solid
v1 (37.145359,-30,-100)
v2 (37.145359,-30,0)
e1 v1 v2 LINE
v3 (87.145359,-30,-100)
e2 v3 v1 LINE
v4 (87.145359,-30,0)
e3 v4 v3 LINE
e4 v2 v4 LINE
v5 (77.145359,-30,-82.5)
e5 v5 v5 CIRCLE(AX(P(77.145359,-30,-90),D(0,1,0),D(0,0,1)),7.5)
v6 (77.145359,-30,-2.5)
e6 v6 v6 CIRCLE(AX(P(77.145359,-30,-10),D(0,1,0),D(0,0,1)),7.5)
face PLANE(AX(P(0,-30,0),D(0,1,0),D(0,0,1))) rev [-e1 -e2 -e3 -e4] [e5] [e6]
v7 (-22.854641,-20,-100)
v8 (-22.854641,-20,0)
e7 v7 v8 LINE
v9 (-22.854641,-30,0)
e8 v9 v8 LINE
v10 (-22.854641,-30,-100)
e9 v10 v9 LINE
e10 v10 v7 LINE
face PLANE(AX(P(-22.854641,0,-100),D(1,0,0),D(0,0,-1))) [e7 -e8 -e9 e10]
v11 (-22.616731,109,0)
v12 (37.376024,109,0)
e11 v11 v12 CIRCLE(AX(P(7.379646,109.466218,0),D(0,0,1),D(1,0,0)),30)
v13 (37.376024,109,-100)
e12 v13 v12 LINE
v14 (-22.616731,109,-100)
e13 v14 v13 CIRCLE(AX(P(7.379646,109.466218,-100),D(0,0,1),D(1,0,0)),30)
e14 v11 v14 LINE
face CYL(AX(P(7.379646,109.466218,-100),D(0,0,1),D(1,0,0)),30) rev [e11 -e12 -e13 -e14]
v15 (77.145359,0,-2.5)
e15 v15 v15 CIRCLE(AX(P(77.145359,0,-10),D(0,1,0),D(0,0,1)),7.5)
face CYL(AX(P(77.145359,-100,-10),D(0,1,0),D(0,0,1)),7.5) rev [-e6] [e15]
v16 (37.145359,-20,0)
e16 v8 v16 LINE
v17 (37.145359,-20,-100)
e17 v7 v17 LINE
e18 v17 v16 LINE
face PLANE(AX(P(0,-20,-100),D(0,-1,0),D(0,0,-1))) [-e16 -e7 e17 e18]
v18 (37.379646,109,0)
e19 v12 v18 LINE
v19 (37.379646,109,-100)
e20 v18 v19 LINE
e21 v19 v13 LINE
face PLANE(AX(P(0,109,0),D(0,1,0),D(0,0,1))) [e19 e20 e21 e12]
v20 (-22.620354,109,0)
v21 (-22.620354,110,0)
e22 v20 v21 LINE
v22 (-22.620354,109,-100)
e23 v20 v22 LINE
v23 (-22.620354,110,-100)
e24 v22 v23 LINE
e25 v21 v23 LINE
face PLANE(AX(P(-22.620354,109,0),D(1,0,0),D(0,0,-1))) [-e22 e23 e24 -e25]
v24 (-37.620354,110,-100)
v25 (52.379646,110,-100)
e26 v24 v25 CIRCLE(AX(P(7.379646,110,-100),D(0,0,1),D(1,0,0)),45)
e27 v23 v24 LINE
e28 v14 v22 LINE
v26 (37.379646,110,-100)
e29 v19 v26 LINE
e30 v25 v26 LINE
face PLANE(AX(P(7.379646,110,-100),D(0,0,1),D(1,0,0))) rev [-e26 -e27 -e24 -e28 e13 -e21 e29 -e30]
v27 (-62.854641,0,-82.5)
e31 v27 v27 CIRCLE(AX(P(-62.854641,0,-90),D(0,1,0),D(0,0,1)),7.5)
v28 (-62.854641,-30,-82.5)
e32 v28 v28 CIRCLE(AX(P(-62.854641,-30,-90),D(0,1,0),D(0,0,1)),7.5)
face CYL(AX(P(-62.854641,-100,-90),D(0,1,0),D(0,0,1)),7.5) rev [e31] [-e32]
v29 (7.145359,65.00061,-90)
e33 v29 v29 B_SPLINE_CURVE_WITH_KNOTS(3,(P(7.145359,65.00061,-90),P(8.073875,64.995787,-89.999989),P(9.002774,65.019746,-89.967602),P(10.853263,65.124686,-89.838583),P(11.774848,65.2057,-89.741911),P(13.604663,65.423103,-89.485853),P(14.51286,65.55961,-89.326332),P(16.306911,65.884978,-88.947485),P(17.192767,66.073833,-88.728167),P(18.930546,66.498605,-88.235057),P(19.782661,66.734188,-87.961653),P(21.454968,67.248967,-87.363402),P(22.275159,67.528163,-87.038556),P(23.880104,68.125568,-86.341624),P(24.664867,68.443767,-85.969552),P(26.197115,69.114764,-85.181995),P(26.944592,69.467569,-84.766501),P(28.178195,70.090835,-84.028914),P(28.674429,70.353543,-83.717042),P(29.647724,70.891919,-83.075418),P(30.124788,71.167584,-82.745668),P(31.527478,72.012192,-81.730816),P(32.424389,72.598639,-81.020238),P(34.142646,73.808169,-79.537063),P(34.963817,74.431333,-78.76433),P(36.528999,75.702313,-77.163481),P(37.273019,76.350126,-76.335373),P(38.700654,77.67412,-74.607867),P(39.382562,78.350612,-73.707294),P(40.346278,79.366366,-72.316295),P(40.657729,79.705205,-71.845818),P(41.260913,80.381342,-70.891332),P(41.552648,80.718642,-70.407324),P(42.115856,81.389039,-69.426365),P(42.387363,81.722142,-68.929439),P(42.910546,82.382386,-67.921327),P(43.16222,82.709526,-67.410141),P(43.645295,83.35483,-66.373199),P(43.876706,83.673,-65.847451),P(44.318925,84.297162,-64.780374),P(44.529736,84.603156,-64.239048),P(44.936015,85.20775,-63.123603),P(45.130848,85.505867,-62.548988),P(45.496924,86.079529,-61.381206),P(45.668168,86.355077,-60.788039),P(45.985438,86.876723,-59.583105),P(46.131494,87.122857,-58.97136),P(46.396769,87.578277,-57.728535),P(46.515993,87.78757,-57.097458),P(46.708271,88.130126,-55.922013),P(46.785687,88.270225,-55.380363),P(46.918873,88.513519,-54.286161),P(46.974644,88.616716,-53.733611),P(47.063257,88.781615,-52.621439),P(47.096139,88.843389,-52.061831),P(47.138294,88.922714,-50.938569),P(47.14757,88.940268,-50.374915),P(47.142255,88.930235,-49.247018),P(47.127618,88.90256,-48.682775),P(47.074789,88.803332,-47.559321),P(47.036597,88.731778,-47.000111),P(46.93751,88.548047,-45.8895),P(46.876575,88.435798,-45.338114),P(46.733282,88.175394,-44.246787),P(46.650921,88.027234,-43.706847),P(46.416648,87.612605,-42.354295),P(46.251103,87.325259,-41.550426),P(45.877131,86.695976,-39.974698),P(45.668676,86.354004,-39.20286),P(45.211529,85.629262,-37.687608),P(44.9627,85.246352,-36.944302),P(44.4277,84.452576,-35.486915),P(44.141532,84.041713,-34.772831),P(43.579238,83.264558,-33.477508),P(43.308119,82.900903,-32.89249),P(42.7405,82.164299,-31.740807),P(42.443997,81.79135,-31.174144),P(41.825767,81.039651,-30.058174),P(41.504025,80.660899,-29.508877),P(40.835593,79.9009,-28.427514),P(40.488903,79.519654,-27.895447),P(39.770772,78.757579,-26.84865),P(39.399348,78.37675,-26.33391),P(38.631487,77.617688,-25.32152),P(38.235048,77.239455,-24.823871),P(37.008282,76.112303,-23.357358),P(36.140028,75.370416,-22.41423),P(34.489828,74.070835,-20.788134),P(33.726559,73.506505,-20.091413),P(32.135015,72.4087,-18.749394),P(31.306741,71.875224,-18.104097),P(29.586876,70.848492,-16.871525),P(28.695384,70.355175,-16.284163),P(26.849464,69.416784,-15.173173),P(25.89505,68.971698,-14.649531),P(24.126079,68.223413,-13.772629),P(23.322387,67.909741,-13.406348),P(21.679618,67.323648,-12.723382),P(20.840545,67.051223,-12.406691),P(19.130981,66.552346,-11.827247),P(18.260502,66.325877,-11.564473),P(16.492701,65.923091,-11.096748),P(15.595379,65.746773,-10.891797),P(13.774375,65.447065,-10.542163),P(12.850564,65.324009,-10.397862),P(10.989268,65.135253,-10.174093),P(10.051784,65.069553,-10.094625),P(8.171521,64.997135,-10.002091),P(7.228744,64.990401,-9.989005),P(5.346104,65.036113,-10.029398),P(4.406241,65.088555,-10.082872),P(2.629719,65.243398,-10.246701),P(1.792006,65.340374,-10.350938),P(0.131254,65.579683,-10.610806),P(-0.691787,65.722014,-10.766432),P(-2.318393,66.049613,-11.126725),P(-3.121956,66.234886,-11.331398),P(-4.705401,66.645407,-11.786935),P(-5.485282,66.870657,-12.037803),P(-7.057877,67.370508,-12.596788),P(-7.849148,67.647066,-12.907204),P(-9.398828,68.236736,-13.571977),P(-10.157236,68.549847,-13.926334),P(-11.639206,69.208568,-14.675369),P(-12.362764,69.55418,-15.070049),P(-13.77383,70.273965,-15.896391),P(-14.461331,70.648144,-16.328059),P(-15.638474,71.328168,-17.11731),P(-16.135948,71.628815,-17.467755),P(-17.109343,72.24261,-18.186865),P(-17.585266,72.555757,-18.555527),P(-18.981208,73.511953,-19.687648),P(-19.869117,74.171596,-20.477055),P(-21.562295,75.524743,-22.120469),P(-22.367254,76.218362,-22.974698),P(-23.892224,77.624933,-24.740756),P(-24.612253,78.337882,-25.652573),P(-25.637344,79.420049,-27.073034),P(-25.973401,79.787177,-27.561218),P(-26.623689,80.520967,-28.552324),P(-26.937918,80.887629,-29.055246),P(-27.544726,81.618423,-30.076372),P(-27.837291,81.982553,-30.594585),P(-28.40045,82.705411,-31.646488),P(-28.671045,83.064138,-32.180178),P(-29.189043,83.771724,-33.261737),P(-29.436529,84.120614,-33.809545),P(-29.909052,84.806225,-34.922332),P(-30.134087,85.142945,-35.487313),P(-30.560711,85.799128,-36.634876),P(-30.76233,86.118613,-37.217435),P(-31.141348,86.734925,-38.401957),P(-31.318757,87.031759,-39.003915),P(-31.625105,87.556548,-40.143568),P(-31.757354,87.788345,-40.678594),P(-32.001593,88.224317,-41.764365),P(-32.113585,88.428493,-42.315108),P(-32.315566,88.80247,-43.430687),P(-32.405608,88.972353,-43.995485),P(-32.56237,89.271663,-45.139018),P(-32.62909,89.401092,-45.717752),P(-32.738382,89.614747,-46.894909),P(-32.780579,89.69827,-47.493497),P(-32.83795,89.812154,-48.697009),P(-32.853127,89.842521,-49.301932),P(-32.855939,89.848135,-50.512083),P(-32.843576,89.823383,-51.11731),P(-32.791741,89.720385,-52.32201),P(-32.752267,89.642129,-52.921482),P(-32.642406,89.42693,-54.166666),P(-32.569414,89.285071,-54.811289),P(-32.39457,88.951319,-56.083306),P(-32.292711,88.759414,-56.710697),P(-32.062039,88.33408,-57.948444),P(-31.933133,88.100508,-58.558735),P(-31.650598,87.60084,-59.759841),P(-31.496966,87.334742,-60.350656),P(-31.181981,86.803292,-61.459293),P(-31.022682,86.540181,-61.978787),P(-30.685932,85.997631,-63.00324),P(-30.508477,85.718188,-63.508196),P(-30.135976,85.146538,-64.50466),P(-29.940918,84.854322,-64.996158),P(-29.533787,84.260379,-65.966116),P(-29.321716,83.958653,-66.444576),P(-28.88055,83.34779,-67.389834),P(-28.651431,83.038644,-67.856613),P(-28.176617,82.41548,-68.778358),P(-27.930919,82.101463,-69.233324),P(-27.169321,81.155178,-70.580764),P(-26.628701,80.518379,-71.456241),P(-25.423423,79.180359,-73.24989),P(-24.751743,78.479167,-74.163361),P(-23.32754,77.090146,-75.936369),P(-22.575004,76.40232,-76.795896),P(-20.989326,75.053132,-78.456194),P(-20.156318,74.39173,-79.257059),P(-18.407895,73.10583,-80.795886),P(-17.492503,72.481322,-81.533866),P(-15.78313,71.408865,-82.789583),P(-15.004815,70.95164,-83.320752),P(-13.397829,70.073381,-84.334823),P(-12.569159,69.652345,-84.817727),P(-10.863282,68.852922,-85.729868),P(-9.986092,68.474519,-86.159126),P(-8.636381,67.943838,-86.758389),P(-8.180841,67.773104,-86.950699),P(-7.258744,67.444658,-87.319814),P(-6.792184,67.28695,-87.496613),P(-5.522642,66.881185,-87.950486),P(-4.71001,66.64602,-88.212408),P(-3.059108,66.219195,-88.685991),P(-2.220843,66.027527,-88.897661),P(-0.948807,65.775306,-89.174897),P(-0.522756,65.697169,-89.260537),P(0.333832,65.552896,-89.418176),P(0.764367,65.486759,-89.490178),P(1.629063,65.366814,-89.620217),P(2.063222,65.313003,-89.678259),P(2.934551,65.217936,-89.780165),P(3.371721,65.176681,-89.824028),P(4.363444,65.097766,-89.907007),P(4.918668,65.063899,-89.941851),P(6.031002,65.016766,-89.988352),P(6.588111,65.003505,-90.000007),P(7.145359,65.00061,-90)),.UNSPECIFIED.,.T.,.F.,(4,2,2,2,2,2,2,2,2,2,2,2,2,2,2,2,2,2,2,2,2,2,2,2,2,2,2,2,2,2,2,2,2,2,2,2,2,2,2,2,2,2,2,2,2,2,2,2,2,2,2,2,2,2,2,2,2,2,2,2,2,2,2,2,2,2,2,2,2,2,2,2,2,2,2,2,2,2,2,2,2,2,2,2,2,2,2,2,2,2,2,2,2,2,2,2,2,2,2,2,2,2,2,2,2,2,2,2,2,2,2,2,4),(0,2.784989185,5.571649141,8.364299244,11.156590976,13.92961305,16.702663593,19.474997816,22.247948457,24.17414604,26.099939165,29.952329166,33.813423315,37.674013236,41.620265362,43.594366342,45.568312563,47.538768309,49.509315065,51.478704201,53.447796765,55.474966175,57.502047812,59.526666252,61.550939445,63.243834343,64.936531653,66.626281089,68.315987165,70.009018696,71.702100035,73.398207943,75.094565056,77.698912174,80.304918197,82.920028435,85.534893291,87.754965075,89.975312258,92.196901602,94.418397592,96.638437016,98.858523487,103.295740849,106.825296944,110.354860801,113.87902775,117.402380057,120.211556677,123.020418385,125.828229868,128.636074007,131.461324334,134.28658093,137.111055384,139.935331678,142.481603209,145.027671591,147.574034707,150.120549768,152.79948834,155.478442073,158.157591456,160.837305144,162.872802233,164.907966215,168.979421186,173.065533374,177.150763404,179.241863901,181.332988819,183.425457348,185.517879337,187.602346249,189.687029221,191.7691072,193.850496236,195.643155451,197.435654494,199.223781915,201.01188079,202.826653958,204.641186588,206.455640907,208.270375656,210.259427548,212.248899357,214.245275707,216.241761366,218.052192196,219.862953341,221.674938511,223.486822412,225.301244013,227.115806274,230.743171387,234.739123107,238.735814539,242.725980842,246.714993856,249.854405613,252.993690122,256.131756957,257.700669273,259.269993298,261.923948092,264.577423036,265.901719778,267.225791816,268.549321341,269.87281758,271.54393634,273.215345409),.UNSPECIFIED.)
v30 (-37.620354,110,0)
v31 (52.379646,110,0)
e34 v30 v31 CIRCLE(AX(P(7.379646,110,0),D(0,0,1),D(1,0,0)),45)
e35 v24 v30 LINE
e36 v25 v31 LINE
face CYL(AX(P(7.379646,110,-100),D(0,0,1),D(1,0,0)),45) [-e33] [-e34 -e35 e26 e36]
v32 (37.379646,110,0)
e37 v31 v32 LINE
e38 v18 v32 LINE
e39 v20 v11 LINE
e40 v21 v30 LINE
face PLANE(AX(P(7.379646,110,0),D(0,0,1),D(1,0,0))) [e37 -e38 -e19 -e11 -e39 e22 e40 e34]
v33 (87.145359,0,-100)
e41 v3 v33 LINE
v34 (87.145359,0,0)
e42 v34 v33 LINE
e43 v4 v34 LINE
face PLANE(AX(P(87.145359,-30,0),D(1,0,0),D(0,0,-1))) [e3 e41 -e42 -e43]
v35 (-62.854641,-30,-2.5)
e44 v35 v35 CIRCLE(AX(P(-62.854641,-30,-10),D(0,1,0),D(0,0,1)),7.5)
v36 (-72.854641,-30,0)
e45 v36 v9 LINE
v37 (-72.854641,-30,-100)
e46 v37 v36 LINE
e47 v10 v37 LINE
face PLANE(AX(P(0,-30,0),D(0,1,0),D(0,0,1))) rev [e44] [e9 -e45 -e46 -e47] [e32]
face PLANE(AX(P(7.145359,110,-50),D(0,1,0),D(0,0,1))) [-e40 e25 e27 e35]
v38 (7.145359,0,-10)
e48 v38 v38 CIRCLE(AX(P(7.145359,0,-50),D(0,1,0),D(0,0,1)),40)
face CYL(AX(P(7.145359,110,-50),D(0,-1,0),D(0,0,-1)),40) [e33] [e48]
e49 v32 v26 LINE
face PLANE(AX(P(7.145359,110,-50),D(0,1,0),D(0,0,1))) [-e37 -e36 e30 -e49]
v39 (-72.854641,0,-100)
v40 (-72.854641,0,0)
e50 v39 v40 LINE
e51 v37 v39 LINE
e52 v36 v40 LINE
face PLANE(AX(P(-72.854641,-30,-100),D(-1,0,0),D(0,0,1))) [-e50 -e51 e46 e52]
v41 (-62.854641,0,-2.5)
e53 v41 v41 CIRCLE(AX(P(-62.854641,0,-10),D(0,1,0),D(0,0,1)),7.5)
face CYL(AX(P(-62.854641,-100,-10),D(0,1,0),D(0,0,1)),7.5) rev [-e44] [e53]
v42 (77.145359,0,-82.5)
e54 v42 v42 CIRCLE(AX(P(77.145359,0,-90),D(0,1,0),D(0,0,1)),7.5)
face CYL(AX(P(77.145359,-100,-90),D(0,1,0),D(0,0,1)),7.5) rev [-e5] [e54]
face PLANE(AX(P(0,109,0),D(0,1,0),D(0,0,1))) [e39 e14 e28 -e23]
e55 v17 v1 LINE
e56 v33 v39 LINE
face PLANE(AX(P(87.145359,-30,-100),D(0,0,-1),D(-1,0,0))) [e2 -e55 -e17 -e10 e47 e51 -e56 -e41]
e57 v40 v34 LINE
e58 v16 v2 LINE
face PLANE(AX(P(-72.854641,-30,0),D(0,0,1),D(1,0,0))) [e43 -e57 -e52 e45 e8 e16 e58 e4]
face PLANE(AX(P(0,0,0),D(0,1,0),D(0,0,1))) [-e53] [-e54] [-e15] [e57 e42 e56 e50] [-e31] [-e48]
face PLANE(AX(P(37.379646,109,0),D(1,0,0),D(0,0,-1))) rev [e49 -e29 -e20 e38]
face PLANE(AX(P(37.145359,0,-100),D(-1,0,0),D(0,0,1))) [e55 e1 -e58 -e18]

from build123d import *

# Parameters (mm, degrees)
SKETCH1_W           = 160
SKETCH1_H           = 100
BOSS_EXTRUDE1_DEPTH = 30
SKETCH2_R           = 40
BOSS_EXTRUDE2_DEPTH = 110
BOSS_EXTRUDE3_DEPTH = 100
CUT_EXTRUDE1_DEPTH  = 100
SKETCH6_W           = 60
SKETCH6_H           = 100
CUT_EXTRUDE2_DEPTH  = 1
SKETCH7_W           = 60
SKETCH7_H           = 10
CUT_EXTRUDE3_DEPTH  = 100
SKETCH8_R           = 7.5
CUT_EXTRUDE4_DEPTH  = 100


with BuildPart() as part:
    # Sketch1 → Boss-Extrude1 (new body)
    with BuildSketch(Plane(origin=(0, 0, 0), x_dir=(1, 0, 0), z_dir=(0, 1, 0))):
        with Locations((7.145359019, 50)):
            Rectangle(SKETCH1_W, SKETCH1_H)
    extrude(amount=-BOSS_EXTRUDE1_DEPTH)

    # Sketch2 → Boss-Extrude2 (add)
    with BuildSketch(Plane(origin=(0, 0, 0), x_dir=(1, 0, 0), z_dir=(0, 1, 0))):
        with Locations(Location((7.145359019, 50, 0), (0, 0, 270))):
            Circle(SKETCH2_R)
    extrude(amount=BOSS_EXTRUDE2_DEPTH)

    # Sketch3 → Boss-Extrude3 (add)
    with BuildSketch(Plane.XY):
        with BuildLine():
            Line((-37.620353567, 110), (52.379646433, 110))
            ThreePointArc((52.379646433, 110), (7.379646433, 65), (-37.620353567, 110))
        make_face()
        with BuildLine():
            Line((-22.620353567, 109.466218226), (37.379646433, 109.466218226))
            ThreePointArc((37.379646433, 109.466218226), (7.379646433, 79.466218226), (-22.620353567, 109.466218226))
        make_face(mode=Mode.SUBTRACT)
    extrude(amount=-BOSS_EXTRUDE3_DEPTH)

    # Sketch4 → Cut-Extrude1 (cut)
    with BuildSketch(Plane.XY):
        with BuildLine():
            Line((-22.620353567, 109.466218226), (37.379646433, 109.466218226))
            ThreePointArc((37.379646433, 109.466218226), (7.379646433, 79.466218226), (-22.620353567, 109.466218226))
        make_face()
    extrude(amount=-CUT_EXTRUDE1_DEPTH, mode=Mode.SUBTRACT)

    # Sketch6 → Cut-Extrude2 (cut)
    with BuildSketch(Plane(origin=(0, 110, 0), x_dir=(1, 0, 0), z_dir=(0, 1, 0))):
        with Locations((7.379646433, 50)):
            Rectangle(SKETCH6_W, SKETCH6_H)
    extrude(amount=-CUT_EXTRUDE2_DEPTH, mode=Mode.SUBTRACT)

    # Sketch7 → Cut-Extrude3 (cut)
    with BuildSketch(Plane.XY):
        with Locations((7.145359019, -25)):
            Rectangle(SKETCH7_W, SKETCH7_H)
    extrude(amount=-CUT_EXTRUDE3_DEPTH, mode=Mode.SUBTRACT)

    # Sketch8 → Cut-Extrude4 (cut)
    with BuildSketch(Plane(origin=(0, 0, 0), x_dir=(1, 0, 0), z_dir=(0, 1, 0))):
        with Locations(Location((77.145359019, 90, 0), (0, 0, 270))):
            Circle(SKETCH8_R)
        with Locations(Location((-62.854640981, 90, 0), (0, 0, 270))):
            Circle(SKETCH8_R)
        with Locations(Location((-62.854640981, 10, 0), (0, 0, 270))):
            Circle(SKETCH8_R)
        with Locations(Location((77.145359019, 10, 0), (0, 0, 270))):
            Circle(SKETCH8_R)
    extrude(amount=-CUT_EXTRUDE4_DEPTH, mode=Mode.SUBTRACT)


solid = part.part
